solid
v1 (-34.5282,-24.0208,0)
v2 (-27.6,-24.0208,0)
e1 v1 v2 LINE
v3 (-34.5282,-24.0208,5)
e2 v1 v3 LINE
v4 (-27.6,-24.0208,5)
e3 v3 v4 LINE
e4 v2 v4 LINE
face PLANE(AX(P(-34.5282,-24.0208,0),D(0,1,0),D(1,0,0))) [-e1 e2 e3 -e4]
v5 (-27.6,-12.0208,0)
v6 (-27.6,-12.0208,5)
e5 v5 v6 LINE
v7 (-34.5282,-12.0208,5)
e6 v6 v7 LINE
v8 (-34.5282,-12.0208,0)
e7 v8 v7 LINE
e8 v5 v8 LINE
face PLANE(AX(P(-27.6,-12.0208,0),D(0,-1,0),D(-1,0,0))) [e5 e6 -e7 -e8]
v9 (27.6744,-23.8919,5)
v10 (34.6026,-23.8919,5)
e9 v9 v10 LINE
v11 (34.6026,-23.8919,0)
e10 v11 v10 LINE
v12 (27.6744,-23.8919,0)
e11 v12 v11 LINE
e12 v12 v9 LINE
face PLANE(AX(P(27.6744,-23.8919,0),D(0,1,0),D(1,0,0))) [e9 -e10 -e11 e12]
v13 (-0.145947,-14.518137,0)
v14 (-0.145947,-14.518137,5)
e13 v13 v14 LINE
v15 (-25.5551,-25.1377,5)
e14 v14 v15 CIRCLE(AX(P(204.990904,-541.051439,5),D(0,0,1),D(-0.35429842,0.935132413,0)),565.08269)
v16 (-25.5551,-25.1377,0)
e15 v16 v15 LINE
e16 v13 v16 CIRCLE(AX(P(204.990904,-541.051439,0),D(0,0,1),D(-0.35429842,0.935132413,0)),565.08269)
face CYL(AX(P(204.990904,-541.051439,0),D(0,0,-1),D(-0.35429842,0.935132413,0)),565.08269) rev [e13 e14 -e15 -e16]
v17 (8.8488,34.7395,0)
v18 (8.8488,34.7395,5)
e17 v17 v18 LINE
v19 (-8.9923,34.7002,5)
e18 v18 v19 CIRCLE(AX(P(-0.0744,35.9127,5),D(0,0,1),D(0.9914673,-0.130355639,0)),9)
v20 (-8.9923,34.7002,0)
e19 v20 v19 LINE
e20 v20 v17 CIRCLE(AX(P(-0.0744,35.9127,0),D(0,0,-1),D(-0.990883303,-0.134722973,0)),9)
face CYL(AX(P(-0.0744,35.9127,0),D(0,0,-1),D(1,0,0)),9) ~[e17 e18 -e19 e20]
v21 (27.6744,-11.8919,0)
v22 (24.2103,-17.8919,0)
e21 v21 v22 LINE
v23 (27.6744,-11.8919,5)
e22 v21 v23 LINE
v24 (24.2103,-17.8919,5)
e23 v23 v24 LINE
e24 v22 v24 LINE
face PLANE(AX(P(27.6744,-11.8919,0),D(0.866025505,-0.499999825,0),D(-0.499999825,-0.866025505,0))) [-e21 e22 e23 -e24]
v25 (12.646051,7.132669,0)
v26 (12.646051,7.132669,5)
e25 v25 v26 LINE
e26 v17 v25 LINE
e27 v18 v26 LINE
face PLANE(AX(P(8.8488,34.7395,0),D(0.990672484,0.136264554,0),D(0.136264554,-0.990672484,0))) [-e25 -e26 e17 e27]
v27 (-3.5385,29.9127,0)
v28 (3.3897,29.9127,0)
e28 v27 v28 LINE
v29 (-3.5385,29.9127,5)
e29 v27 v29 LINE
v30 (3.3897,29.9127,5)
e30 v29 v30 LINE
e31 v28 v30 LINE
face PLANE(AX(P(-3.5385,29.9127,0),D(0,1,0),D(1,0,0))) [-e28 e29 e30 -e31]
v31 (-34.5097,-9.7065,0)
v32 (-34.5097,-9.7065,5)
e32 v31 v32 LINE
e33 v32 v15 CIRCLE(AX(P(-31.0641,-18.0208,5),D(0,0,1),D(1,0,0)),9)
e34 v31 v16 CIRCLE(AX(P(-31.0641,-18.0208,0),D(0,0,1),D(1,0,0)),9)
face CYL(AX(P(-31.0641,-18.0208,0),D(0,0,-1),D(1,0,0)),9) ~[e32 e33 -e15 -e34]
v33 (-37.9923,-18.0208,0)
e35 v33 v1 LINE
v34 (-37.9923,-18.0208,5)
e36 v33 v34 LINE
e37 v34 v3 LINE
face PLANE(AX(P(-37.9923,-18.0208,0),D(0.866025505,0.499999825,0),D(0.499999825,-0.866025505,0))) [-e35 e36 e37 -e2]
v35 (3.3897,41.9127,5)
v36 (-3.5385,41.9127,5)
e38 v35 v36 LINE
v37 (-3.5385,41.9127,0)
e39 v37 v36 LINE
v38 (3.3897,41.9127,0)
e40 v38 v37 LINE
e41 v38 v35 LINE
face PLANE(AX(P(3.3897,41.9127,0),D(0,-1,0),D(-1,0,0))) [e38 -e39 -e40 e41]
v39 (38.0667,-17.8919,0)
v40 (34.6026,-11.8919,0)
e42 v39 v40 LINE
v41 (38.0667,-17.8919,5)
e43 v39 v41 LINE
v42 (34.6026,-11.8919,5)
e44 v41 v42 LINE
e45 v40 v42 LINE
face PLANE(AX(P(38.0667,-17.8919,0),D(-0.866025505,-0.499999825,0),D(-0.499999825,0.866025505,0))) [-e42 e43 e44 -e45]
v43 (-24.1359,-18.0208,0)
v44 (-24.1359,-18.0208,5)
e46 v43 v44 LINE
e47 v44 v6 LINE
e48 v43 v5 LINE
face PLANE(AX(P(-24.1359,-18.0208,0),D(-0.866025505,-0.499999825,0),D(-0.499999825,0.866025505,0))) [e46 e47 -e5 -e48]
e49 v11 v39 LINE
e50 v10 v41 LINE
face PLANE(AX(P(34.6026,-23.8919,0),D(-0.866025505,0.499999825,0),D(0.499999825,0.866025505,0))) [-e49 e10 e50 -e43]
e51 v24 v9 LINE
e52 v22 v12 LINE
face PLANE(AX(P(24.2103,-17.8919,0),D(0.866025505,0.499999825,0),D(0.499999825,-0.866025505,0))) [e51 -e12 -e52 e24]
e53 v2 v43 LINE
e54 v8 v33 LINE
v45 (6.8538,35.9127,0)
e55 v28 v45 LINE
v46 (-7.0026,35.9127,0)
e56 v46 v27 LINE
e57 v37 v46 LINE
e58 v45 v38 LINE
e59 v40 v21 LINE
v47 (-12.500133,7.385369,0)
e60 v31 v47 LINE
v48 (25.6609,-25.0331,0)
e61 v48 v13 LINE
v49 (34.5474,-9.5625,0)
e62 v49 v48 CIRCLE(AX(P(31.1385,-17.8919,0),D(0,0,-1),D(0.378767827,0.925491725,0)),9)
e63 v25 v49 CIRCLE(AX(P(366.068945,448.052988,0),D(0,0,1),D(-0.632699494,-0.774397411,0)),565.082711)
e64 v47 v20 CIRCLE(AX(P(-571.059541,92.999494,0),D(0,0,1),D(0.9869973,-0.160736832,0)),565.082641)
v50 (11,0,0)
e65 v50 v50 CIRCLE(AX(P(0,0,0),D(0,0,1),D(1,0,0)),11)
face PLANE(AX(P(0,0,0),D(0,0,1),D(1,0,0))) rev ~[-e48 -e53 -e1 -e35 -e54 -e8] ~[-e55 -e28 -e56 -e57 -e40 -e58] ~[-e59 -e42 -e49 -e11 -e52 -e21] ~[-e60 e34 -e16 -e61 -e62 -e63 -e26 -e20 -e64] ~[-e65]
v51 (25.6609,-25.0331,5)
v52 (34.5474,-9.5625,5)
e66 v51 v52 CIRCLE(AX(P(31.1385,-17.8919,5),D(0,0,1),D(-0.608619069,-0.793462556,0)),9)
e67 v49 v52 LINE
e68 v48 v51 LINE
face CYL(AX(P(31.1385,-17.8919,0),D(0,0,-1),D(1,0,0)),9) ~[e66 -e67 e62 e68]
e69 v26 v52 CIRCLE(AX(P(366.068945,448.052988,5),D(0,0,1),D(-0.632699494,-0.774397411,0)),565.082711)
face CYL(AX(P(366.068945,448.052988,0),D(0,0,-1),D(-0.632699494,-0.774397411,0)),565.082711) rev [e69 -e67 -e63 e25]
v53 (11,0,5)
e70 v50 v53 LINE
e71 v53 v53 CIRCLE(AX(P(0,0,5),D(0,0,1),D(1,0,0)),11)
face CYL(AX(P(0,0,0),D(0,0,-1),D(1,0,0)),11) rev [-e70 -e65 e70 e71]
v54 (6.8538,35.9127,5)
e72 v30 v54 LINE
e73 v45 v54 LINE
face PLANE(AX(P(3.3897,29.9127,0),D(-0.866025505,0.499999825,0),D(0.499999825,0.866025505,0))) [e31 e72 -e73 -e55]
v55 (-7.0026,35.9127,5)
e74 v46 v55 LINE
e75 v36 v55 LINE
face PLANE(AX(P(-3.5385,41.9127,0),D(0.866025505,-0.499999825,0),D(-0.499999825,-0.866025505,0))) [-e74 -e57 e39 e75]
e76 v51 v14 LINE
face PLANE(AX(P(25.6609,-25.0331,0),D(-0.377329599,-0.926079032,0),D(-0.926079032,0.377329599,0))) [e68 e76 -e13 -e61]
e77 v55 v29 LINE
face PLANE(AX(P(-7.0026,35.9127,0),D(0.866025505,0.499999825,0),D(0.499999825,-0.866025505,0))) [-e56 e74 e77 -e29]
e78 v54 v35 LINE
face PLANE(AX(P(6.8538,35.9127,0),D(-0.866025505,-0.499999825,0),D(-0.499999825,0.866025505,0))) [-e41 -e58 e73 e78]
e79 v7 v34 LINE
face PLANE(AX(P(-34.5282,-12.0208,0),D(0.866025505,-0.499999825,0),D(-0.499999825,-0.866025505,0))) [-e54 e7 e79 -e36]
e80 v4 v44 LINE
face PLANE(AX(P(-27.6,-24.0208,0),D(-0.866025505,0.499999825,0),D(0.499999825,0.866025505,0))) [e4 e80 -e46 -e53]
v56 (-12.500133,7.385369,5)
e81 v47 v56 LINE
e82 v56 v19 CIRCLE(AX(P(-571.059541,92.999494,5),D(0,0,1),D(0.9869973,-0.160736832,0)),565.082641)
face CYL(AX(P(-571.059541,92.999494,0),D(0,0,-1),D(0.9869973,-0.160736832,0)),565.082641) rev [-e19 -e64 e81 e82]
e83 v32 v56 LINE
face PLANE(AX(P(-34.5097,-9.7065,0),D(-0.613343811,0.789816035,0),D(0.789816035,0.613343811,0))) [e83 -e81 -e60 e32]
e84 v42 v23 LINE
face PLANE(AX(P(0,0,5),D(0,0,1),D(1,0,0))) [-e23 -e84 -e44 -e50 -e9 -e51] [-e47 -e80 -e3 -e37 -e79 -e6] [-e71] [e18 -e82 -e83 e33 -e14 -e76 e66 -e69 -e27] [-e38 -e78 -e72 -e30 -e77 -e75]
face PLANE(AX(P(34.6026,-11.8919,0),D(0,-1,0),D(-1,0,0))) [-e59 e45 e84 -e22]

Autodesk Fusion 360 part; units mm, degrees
sketch "Sketch1" plane through (0, 0, 0) normal (0, 0, 1) x (1, 0, 0)
  circle A0 centre (0, 0) radius 11
  circle A1 centre (0, 0) radius 13.5
  circle A2 centre (0, 0) radius 45 construction
  circle A3 centre (-0.0744, 35.9127) radius 9
  arc A4 (-13.3245, 2.1699) -> (-8.9923, 34.7002) centre (-571.0597, 92.9983) ccw
  line L0 (8.8488, 34.7395) -> (13.3741, 1.8396)
  line L1 (-3.5385, 41.9127) -> (-7.0026, 35.9127)
  line L2 (-7.0026, 35.9127) -> (-3.5385, 29.9127)
  line L3 (-3.5385, 29.9127) -> (3.3897, 29.9127)
  line L4 (3.3897, 29.9127) -> (6.8538, 35.9127)
  line L5 (6.8538, 35.9127) -> (3.3897, 41.9127)
  line L6 (3.3897, 41.9127) -> (-3.5385, 41.9127)
  line L7 (-27.6, -24.0208) -> (-24.1359, -18.0208)
  line L8 (-34.5282, -24.0208) -> (-27.6, -24.0208)
  line L9 (-24.1359, -18.0208) -> (-27.6, -12.0208)
  circle A5 centre (-31.0641, -18.0208) radius 9
  line L10 (-34.5282, -12.0208) -> (-37.9923, -18.0208)
  arc A6 (4.783, -12.6243) -> (-25.5551, -25.1377) centre (204.991, -541.0514) ccw
  line L11 (-27.6, -12.0208) -> (-34.5282, -12.0208)
  line L12 (-34.5097, -9.7065) -> (-8.2801, 10.6625)
  line L13 (-37.9923, -18.0208) -> (-34.5282, -24.0208)
  line L14 (34.6026, -11.8919) -> (27.6744, -11.8919)
  line L15 (38.0667, -17.8919) -> (34.6026, -11.8919)
  line L16 (27.6744, -11.8919) -> (24.2103, -17.8919)
  circle A7 centre (31.1385, -17.8919) radius 9
  line L17 (27.6744, -23.8919) -> (34.6026, -23.8919)
  arc A8 (8.5414, 10.4544) -> (34.5474, -9.5625) centre (366.0688, 448.0531) ccw
  line L18 (24.2103, -17.8919) -> (27.6744, -23.8919)
  line L19 (25.6609, -25.0331) -> (-5.0939, -12.5021)
  line L20 (34.6026, -23.8919) -> (38.0667, -17.8919)
  point P0 (-0.0744, 35.9127)
  point P1 (-31.0641, -18.0208)
  point P2 (31.1385, -17.8919)
  dimension "d1" = 22
  dimension "d2" = 27
  dimension "d4" = 90
  dimension "d5" = 18
  dimension "d6" = 6
  dimension "d8" = 360
extrude "Extrude1" add sketch "Sketch1" along normal blind 5
